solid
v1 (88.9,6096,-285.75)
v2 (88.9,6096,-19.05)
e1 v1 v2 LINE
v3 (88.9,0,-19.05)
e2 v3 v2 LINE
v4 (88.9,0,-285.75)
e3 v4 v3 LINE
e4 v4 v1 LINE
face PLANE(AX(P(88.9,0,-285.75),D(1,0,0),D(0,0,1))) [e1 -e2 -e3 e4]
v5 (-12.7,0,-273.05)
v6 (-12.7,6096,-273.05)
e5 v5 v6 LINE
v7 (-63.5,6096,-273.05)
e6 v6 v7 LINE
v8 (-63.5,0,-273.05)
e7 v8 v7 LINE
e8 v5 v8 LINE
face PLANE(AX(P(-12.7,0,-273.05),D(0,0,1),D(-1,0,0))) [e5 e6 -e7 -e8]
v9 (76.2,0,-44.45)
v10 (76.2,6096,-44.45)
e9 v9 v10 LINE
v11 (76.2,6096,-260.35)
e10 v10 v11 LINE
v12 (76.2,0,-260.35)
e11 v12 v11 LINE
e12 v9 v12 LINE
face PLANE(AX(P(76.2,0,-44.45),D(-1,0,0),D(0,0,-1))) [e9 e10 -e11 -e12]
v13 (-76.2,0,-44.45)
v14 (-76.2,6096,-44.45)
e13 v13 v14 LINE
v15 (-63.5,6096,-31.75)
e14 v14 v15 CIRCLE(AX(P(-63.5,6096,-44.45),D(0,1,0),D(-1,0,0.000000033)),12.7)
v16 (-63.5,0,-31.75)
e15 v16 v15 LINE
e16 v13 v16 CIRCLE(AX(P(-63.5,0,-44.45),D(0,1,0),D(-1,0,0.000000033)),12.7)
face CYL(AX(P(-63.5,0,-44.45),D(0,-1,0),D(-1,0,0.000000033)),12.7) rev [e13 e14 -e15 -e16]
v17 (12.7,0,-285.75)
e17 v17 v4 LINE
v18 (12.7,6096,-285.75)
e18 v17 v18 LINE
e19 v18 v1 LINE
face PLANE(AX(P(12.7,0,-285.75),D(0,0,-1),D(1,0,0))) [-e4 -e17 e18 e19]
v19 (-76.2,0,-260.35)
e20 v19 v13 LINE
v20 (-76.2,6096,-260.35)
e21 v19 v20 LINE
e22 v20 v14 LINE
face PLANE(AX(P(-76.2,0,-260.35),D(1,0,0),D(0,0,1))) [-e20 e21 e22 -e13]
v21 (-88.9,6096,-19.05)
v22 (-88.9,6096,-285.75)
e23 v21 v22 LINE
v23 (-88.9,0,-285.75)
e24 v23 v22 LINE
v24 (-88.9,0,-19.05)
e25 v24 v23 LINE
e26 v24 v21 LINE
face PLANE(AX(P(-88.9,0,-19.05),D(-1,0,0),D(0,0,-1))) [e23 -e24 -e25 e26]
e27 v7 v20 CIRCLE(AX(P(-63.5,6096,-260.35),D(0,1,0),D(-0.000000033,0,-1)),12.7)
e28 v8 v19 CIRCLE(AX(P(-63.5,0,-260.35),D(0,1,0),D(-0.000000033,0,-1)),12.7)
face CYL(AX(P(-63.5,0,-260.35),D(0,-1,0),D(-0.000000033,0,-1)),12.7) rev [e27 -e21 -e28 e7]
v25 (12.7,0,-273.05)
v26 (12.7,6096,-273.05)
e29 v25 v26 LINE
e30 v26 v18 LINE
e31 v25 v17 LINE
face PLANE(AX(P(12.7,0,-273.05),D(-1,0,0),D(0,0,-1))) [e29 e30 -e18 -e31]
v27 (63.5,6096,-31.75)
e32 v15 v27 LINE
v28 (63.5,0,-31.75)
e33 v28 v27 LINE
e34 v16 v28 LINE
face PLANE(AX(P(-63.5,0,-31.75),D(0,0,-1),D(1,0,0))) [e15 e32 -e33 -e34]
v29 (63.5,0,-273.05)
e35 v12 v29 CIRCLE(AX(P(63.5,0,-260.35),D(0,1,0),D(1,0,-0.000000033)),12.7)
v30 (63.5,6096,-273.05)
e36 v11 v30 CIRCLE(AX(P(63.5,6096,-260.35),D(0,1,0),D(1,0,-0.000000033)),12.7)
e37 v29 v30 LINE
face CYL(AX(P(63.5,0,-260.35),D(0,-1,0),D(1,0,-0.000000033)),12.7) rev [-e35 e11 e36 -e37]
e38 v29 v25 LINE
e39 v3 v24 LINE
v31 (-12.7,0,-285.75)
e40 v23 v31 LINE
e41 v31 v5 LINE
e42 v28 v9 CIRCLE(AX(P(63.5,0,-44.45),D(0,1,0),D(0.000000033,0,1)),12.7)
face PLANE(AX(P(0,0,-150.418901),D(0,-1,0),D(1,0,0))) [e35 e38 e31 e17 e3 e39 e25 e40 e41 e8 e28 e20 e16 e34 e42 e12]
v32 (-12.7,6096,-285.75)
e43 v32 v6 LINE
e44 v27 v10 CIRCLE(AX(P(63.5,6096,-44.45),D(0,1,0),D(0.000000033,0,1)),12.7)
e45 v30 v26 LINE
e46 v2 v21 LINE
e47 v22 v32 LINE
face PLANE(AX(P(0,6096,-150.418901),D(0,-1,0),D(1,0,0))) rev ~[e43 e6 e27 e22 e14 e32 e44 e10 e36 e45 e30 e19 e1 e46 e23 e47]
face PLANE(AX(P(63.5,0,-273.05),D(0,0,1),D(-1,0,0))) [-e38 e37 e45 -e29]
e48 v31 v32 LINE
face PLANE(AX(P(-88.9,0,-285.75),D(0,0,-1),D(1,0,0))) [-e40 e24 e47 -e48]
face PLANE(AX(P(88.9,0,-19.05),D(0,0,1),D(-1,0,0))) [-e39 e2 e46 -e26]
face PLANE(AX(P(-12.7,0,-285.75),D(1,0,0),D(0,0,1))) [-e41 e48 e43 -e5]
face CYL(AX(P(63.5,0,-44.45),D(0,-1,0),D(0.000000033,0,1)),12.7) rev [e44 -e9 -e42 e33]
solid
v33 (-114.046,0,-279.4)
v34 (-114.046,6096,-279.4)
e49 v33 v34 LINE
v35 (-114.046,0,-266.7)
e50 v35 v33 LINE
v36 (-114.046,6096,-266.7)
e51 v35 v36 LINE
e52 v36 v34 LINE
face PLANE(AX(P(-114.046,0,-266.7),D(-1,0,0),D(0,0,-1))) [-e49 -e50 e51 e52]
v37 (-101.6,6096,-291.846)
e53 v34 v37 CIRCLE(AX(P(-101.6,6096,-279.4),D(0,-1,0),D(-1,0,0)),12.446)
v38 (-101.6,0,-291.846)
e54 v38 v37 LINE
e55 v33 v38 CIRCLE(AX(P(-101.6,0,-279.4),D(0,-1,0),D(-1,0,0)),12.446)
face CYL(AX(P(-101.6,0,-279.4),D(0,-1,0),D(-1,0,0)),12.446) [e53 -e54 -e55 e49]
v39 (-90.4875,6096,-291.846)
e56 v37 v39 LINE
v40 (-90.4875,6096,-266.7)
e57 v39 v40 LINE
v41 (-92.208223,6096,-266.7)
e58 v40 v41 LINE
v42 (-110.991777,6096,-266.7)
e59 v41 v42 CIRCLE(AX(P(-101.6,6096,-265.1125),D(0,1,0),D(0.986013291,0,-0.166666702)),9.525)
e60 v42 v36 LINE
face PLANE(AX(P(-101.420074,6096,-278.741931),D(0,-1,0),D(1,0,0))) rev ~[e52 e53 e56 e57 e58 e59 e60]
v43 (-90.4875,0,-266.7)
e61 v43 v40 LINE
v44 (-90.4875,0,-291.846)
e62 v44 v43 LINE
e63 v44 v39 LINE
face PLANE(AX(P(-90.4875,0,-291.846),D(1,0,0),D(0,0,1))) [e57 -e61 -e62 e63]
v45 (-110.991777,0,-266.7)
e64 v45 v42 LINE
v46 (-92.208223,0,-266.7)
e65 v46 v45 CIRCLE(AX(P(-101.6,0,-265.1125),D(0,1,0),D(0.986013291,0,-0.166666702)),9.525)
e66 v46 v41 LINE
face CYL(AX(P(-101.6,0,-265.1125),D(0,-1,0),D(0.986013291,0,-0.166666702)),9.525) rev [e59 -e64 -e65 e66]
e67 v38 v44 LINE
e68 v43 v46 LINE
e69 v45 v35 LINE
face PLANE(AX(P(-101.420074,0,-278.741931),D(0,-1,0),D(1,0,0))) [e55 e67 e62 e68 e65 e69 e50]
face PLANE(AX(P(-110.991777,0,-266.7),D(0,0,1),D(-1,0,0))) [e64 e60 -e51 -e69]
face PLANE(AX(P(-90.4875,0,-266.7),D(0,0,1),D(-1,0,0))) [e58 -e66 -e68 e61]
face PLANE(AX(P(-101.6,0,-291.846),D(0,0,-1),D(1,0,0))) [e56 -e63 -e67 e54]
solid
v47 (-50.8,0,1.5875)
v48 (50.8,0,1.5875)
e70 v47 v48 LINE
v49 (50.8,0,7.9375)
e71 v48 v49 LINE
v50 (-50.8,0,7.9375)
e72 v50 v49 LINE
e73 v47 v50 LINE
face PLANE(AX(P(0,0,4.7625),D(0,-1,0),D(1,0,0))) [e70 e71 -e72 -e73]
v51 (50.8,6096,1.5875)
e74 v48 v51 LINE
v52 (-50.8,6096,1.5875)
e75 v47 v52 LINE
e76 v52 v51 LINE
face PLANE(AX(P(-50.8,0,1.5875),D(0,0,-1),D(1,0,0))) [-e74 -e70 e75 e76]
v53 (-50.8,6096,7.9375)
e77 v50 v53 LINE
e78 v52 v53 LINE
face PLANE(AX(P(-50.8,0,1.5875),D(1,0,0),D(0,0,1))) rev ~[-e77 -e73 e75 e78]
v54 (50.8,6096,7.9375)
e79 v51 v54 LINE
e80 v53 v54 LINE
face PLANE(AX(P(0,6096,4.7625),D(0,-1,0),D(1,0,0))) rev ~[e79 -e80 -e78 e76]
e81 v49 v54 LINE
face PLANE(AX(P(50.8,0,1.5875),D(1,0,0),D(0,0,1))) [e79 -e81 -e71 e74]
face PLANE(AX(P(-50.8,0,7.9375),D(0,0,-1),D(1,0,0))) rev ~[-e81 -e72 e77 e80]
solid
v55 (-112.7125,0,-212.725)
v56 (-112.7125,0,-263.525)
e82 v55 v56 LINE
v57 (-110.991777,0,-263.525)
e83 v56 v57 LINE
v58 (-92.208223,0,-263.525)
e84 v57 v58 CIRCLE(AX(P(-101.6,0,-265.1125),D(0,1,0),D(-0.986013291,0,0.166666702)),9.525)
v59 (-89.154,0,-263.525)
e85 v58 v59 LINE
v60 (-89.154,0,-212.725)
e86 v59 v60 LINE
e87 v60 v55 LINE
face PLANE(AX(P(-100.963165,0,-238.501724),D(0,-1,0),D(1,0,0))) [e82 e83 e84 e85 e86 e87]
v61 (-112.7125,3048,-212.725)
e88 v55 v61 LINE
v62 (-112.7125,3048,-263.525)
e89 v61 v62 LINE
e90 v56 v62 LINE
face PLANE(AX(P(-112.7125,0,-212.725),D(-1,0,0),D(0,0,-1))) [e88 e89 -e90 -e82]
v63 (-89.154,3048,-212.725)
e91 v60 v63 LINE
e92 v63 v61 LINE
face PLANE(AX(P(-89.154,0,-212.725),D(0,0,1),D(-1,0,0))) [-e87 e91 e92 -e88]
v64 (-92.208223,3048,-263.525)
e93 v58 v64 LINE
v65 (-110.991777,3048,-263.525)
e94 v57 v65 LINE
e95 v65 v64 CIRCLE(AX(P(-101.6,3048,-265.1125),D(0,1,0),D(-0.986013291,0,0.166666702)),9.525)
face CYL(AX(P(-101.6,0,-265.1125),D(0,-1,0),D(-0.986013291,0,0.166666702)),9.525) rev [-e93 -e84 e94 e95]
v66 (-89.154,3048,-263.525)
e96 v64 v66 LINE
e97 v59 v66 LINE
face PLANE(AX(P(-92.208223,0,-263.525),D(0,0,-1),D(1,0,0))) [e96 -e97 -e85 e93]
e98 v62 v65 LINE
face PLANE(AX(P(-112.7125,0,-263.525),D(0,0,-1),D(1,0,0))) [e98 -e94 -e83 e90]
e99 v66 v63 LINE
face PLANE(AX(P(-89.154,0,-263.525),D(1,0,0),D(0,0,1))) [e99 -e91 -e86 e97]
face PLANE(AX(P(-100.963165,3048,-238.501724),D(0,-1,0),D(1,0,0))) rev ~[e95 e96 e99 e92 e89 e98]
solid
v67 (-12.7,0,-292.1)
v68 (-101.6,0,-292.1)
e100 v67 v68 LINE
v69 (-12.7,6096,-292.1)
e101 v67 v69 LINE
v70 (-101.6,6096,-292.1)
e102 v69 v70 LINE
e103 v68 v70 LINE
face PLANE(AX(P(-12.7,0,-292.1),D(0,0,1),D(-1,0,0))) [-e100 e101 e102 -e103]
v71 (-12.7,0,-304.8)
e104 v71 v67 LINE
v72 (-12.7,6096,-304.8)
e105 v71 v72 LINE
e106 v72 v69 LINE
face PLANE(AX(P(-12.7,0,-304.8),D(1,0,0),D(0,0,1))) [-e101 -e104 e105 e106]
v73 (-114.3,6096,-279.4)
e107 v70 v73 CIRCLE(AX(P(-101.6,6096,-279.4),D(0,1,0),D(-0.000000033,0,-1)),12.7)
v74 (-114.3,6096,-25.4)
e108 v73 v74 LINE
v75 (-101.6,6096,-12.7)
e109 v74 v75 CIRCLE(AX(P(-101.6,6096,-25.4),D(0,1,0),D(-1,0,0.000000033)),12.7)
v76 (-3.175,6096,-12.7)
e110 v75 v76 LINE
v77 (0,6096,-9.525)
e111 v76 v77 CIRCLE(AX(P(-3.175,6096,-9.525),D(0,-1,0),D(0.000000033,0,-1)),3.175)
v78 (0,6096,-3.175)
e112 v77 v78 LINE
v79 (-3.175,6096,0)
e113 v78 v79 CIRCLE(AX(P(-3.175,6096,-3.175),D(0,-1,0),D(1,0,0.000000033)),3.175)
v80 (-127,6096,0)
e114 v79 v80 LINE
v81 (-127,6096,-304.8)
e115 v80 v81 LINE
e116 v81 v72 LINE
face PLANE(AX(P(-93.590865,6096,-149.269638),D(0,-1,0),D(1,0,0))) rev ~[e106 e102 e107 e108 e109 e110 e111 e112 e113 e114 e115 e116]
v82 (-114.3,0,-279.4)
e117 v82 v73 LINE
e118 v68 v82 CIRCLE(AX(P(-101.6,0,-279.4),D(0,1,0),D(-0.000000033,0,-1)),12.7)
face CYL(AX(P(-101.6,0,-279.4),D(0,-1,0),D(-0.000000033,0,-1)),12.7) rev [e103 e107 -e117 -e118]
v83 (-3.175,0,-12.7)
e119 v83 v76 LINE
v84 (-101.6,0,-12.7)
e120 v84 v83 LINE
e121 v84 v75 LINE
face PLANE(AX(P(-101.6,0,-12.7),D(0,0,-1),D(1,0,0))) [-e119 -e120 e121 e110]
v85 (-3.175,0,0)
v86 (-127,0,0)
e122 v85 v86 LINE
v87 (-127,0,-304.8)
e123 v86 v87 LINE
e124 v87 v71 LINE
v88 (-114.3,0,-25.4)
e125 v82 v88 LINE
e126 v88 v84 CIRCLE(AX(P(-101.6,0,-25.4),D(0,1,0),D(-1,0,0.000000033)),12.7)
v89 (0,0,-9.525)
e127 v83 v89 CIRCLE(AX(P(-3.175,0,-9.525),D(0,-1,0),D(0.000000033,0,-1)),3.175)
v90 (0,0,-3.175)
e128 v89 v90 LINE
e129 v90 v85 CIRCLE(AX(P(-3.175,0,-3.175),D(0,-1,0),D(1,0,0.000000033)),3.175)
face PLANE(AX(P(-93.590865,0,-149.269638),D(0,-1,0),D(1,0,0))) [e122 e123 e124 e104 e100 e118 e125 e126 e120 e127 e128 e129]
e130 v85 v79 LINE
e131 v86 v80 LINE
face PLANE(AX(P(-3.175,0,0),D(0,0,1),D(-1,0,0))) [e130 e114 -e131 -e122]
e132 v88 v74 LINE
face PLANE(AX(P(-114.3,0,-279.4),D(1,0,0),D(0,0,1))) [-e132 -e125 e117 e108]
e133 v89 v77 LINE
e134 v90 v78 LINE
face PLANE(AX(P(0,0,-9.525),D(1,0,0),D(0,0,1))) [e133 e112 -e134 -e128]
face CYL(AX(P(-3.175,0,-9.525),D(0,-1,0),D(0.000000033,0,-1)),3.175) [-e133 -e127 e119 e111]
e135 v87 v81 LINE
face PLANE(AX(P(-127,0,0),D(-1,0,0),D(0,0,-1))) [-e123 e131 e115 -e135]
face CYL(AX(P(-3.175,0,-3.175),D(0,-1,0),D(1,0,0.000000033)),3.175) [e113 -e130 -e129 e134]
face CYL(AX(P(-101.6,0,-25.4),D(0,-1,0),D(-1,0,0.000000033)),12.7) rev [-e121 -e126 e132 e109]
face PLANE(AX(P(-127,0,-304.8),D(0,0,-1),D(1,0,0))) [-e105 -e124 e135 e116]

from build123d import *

# Parameters (mm, degrees)
F0_W     = 101.6
F0_H     = 6.35
F1_DEPTH = 6096
F2_DEPTH = 3048


with BuildPart() as f1:
    # F0 (on Front) → F1 (new body)
    with BuildSketch(Plane.XZ):
        with BuildLine():
            ThreePointArc((0, -3.175), (-0.929936, -0.929936), (-3.175, 0))
            Line((-3.175, 0), (-127, 0))
            Line((-127, 0), (-127, -304.8))
            Line((-127, -304.8), (-12.7, -304.8))
            Line((-12.7, -304.8), (-12.7, -292.1))
            Line((-12.7, -292.1), (-101.6, -292.1))
            ThreePointArc((-101.6, -292.1), (-110.580256, -288.380256), (-114.3, -279.4))
            Line((-114.3, -279.4), (-114.3, -25.4))
            ThreePointArc((-114.3, -25.4), (-110.580256, -16.419744), (-101.6, -12.7))
            Line((-101.6, -12.7), (-3.175, -12.7))
            ThreePointArc((-3.175, -12.7), (-0.929936, -11.770064), (0, -9.525))
            Line((0, -9.525), (0, -3.175))
        make_face()
        with BuildLine():
            Line((88.9, -19.05), (-88.9, -19.05))
            Line((-88.9, -19.05), (-88.9, -285.75))
            Line((-88.9, -285.75), (-12.7, -285.75))
            Line((-12.7, -285.75), (-12.7, -273.05))
            Line((-12.7, -273.05), (-63.5, -273.05))
            ThreePointArc((-63.5, -273.05), (-72.480256, -269.330256), (-76.2, -260.35))
            Line((-76.2, -260.35), (-76.2, -44.45))
            ThreePointArc((-76.2, -44.45), (-72.480256, -35.469744), (-63.5, -31.75))
            Line((-63.5, -31.75), (63.5, -31.75))
            ThreePointArc((63.5, -31.75), (72.480256, -35.469744), (76.2, -44.45))
            Line((76.2, -44.45), (76.2, -260.35))
            ThreePointArc((76.2, -260.35), (72.480256, -269.330256), (63.5, -273.05))
            Line((63.5, -273.05), (12.7, -273.05))
            Line((12.7, -273.05), (12.7, -285.75))
            Line((12.7, -285.75), (88.9, -285.75))
            Line((88.9, -285.75), (88.9, -19.05))
        make_face()
        with BuildLine():
            Line((-90.4875, -266.7), (-92.208223, -266.7))
            ThreePointArc((-92.208223, -266.7), (-101.6, -274.6375), (-110.991777, -266.7))
            Line((-110.991777, -266.7), (-114.046, -266.7))
            Line((-114.046, -266.7), (-114.046, -279.4))
            ThreePointArc((-114.046, -279.4), (-110.400651, -288.200651), (-101.6, -291.846))
            Line((-101.6, -291.846), (-90.4875, -291.846))
            Line((-90.4875, -291.846), (-90.4875, -266.7))
        make_face()
        with Locations((0, 4.7625)):
            Rectangle(F0_W, F0_H)
    extrude(amount=-F1_DEPTH)


with BuildPart() as f2:
    # F0 (on Front) → F2 (new body)
    with BuildSketch(Plane.XZ):
        with BuildLine():
            Line((-89.154, -212.725), (-112.7125, -212.725))
            Line((-112.7125, -212.725), (-112.7125, -263.525))
            Line((-112.7125, -263.525), (-110.991777, -263.525))
            ThreePointArc((-110.991777, -263.525), (-101.6, -255.5875), (-92.208223, -263.525))
            Line((-92.208223, -263.525), (-89.154, -263.525))
            Line((-89.154, -263.525), (-89.154, -212.725))
        make_face()
    extrude(amount=-F2_DEPTH)


solid = Compound([f1.part, f2.part])
